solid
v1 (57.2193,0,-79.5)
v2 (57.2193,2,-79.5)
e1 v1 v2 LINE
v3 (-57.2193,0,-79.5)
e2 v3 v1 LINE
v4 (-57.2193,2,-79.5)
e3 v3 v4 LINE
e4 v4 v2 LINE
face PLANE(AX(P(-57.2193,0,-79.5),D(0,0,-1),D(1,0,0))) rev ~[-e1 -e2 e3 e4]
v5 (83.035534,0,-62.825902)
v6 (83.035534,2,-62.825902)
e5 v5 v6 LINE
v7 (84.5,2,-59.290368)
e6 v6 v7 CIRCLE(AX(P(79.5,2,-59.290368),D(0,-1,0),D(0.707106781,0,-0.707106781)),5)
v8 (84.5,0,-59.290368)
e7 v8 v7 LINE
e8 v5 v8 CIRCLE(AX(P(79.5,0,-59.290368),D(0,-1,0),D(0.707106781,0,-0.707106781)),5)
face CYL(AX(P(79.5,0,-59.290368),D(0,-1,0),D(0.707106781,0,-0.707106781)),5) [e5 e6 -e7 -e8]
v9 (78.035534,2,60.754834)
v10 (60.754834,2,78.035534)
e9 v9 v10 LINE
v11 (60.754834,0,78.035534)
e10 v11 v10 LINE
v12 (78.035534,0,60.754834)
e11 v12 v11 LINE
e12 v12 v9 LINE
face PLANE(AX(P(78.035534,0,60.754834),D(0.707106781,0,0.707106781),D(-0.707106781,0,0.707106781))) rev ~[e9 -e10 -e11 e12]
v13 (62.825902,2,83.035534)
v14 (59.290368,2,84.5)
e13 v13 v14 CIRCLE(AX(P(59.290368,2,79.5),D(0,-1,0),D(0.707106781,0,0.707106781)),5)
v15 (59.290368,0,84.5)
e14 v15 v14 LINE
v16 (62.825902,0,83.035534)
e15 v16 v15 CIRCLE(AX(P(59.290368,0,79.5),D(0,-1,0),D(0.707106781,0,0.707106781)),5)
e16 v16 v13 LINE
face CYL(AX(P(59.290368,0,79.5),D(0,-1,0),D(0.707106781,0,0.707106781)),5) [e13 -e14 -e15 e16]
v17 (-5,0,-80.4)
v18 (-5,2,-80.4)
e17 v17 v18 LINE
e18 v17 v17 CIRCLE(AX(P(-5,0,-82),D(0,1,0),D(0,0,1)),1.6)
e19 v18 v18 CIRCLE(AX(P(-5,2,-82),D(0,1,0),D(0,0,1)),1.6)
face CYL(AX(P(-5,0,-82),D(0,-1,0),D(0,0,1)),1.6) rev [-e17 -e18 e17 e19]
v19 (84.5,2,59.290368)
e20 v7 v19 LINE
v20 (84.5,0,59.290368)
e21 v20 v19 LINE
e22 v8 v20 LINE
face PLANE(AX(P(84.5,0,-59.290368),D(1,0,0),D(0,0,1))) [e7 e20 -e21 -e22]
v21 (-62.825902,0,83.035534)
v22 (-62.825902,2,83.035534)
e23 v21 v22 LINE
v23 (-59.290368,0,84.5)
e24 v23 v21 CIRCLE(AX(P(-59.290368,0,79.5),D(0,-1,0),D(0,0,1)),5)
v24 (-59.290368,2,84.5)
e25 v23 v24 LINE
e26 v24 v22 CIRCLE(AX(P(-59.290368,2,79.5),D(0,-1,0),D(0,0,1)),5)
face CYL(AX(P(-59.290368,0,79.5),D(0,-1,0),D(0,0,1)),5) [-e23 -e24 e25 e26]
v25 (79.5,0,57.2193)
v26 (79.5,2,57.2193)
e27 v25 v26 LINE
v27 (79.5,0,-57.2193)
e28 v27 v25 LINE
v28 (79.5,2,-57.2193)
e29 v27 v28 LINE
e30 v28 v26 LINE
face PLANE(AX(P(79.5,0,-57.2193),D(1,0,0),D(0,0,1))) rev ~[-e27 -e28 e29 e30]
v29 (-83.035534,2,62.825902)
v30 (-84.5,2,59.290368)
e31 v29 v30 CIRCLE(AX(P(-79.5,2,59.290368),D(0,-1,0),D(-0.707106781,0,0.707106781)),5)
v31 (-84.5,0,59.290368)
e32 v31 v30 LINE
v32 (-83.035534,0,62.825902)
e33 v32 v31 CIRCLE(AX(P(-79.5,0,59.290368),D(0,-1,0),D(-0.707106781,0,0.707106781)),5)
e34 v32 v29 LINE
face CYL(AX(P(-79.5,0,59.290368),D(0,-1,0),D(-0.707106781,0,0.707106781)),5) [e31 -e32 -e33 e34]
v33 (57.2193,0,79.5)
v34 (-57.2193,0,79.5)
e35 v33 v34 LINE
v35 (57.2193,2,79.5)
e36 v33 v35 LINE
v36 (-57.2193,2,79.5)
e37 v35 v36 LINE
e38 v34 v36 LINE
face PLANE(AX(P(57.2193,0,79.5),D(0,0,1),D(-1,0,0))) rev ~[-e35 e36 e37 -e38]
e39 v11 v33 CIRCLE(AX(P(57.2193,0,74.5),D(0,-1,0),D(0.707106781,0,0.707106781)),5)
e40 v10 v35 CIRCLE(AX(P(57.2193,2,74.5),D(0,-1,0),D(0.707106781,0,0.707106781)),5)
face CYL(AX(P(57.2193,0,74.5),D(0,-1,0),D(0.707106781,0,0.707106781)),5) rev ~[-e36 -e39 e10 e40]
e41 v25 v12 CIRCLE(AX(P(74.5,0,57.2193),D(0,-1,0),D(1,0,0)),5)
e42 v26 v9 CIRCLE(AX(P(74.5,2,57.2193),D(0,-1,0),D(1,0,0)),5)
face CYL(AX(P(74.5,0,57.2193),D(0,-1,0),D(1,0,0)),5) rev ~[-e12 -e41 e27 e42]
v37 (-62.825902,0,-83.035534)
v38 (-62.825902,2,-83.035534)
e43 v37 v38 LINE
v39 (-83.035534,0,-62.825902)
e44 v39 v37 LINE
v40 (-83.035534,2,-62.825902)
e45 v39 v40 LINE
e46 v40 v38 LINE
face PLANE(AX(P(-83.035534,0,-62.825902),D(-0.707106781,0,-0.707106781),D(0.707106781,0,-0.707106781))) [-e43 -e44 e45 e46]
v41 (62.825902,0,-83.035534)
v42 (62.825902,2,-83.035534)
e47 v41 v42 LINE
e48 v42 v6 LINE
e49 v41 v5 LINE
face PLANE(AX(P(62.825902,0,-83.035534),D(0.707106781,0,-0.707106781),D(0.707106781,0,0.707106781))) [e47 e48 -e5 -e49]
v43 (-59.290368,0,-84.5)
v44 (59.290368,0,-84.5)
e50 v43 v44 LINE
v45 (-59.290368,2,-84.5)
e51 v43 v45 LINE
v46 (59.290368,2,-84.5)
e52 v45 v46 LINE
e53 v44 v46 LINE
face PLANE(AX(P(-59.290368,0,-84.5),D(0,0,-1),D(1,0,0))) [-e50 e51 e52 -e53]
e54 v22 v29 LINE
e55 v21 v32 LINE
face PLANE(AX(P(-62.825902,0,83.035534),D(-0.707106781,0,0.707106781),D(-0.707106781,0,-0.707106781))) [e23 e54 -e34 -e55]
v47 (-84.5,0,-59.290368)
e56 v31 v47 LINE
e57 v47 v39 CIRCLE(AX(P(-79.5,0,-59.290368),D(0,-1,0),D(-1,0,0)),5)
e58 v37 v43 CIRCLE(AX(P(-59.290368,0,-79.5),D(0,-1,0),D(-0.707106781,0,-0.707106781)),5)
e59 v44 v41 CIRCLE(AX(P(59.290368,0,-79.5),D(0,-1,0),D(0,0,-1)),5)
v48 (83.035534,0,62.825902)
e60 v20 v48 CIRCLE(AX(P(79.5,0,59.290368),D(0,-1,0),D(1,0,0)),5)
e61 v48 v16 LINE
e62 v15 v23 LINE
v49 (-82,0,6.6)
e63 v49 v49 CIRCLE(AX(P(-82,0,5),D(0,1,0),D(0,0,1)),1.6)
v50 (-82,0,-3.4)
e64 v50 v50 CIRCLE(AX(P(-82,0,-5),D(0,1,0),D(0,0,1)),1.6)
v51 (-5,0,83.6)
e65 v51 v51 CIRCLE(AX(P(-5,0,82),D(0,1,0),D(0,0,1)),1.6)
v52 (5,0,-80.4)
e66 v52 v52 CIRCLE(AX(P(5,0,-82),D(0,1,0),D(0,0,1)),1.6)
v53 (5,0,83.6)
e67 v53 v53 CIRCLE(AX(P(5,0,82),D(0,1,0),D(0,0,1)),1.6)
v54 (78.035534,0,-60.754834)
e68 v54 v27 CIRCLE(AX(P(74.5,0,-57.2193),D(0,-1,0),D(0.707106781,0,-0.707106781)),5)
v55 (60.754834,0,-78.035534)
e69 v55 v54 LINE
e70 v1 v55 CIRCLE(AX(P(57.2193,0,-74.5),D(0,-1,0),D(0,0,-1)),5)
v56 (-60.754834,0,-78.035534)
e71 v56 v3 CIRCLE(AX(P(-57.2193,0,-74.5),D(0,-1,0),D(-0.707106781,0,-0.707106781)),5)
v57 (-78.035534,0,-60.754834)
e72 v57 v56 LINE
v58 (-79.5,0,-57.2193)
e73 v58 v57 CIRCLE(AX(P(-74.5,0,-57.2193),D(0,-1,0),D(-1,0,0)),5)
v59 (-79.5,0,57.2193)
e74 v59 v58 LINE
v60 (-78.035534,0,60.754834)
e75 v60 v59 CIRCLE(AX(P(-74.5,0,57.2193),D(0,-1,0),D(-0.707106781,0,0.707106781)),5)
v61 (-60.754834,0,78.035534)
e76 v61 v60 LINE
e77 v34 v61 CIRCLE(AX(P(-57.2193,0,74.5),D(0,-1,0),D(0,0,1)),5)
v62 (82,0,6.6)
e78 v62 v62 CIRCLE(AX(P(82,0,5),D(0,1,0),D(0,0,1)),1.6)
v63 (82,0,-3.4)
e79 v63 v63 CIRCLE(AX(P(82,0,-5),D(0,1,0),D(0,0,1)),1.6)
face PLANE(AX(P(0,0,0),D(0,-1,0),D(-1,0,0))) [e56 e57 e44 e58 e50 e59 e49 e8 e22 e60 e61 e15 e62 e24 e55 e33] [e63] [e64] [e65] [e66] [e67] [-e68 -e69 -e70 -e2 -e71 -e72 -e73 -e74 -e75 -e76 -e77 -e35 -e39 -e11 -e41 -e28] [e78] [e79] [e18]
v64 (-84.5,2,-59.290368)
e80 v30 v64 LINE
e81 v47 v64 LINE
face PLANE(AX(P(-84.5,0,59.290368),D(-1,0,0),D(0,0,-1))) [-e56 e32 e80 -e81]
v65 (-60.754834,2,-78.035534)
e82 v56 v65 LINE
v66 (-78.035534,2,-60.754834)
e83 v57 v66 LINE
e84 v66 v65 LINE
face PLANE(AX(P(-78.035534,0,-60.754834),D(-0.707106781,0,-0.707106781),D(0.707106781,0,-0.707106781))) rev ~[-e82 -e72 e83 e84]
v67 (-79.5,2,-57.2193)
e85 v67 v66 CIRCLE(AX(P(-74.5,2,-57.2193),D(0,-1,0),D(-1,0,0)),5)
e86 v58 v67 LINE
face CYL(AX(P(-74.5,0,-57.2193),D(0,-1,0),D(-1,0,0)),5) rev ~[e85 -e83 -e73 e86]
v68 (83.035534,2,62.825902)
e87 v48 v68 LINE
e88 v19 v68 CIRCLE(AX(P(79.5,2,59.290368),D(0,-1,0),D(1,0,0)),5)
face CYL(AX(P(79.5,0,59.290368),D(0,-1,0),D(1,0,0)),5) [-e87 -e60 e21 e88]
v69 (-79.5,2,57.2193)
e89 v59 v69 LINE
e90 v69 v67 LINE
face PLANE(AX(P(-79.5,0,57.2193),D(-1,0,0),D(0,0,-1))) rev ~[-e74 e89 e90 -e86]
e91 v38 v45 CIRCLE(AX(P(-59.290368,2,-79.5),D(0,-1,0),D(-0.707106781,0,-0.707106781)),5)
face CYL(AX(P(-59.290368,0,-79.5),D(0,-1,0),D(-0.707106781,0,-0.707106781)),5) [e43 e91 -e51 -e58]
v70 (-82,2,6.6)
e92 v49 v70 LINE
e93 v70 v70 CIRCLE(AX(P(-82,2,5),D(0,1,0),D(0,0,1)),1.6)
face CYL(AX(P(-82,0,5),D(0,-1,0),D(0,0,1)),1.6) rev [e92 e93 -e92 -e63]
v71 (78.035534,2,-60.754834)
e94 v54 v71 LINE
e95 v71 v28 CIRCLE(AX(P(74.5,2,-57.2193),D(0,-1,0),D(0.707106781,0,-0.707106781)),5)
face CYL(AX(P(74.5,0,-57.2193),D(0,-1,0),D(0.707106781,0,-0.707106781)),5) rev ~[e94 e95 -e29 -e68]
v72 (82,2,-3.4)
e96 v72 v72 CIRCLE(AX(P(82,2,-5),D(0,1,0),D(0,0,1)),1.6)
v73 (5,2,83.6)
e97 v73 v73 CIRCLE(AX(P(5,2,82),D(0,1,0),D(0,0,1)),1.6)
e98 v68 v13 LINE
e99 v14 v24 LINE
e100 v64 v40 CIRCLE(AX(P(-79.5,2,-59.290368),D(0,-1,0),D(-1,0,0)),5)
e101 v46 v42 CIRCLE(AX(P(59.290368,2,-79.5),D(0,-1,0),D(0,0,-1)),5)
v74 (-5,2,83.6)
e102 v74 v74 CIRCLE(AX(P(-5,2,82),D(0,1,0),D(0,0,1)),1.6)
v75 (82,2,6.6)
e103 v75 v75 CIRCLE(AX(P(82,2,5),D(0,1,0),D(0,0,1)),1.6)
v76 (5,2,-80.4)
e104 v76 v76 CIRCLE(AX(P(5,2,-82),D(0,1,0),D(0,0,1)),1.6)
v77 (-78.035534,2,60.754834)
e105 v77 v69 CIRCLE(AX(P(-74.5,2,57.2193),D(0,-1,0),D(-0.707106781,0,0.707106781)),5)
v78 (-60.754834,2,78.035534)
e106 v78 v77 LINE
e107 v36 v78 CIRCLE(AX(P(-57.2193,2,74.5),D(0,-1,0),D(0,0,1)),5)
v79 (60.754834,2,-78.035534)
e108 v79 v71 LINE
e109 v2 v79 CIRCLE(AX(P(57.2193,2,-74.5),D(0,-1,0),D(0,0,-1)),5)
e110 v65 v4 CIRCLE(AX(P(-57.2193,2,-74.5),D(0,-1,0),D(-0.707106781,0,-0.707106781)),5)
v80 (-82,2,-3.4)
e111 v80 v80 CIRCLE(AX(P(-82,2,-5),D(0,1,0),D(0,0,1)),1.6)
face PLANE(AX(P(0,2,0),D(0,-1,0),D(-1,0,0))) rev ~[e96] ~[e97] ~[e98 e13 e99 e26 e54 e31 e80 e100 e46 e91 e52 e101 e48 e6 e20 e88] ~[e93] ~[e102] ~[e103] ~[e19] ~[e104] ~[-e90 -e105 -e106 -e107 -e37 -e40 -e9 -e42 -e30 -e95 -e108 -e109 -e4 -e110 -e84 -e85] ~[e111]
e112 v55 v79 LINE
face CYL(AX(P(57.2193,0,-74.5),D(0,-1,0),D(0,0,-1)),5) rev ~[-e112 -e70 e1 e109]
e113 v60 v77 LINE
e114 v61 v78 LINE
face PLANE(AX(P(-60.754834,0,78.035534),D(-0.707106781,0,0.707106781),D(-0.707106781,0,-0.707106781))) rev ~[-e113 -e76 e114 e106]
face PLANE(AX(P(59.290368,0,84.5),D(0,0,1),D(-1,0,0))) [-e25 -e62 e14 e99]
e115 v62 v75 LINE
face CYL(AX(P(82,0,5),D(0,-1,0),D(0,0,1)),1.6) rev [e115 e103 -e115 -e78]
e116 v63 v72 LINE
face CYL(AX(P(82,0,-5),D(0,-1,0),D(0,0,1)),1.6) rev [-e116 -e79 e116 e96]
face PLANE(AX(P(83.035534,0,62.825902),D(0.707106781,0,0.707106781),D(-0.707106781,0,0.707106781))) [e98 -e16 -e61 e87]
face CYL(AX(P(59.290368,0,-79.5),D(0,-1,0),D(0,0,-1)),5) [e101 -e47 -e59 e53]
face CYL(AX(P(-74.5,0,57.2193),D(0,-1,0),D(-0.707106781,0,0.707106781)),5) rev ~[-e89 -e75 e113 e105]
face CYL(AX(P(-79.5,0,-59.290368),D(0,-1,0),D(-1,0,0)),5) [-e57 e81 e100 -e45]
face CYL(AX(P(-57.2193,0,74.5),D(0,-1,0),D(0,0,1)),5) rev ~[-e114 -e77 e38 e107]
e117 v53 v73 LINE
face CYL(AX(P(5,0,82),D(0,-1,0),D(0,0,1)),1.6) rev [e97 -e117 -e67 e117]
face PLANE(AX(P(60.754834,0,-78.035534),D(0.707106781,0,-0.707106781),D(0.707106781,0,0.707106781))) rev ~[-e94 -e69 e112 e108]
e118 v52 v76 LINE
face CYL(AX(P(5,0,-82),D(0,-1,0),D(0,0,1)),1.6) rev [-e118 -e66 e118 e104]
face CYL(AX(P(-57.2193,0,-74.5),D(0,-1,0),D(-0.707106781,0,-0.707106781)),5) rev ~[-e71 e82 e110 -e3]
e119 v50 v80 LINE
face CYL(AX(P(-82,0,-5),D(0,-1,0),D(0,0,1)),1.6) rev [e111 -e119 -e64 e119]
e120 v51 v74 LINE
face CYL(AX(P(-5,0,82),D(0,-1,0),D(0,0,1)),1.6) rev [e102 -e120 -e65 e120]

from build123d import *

# Parameters (mm, degrees)
SKETCH_1_R      = 1.6
EXTRUDE_1_DEPTH = 2


with BuildPart() as part:
    # 草图1 → 凸台-拉伸1 (new body)
    with BuildSketch(Plane(origin=(0, 0, 0), x_dir=(1, 0, 0), z_dir=(0, 1, 0))):
        with BuildLine():
            Line((0, 84.5), (59.290367902, 84.5))
            ThreePointArc((59.290367902, 84.5), (61.203785064, 84.119397663), (62.825901808, 83.035533906))
            Line((62.825901808, 83.035533906), (83.035533906, 62.825901808))
            ThreePointArc((83.035533906, 62.825901808), (84.119397663, 61.203785064), (84.5, 59.290367902))
            Line((84.5, 59.290367902), (84.5, 0))
            Line((84.5, 0), (84.5, -59.290367902))
            ThreePointArc((84.5, -59.290367902), (84.119397663, -61.203785064), (83.035533906, -62.825901808))
            Line((83.035533906, -62.825901808), (62.825901808, -83.035533906))
            ThreePointArc((62.825901808, -83.035533906), (61.203785064, -84.119397663), (59.290367902, -84.5))
            Line((59.290367902, -84.5), (0, -84.5))
            Line((0, -84.5), (-59.290367902, -84.5))
            ThreePointArc((-59.290367902, -84.5), (-61.203785064, -84.119397663), (-62.825901808, -83.035533906))
            Line((-62.825901808, -83.035533906), (-83.035533906, -62.825901808))
            ThreePointArc((-83.035533906, -62.825901808), (-84.119397663, -61.203785064), (-84.5, -59.290367902))
            Line((-84.5, -59.290367902), (-84.5, -1.780508218))
            Line((-84.5, -1.780508218), (-84.5, 59.290367902))
            ThreePointArc((-84.5, 59.290367902), (-84.119397663, 61.203785064), (-83.035533906, 62.825901808))
            Line((-83.035533906, 62.825901808), (-62.825901808, 83.035533906))
            ThreePointArc((-62.825901808, 83.035533906), (-61.203785064, 84.119397663), (-59.290367902, 84.5))
            Line((-59.290367902, 84.5), (0, 84.5))
        make_face()
        with Locations(Location((5, 82, 0), (0, 0, 270))):
            Circle(SKETCH_1_R, mode=Mode.SUBTRACT)
        with Locations(Location((-5, 82, 0), (0, 0, 270))):
            Circle(SKETCH_1_R, mode=Mode.SUBTRACT)
        with Locations(Location((82, 5, 0), (0, 0, 270))):
            Circle(SKETCH_1_R, mode=Mode.SUBTRACT)
        with Locations(Location((82, -5, 0), (0, 0, 270))):
            Circle(SKETCH_1_R, mode=Mode.SUBTRACT)
        with Locations(Location((5, -82, 0), (0, 0, 270))):
            Circle(SKETCH_1_R, mode=Mode.SUBTRACT)
        with Locations(Location((-5, -82, 0), (0, 0, 270))):
            Circle(SKETCH_1_R, mode=Mode.SUBTRACT)
        with Locations(Location((-82, -5, 0), (0, 0, 270))):
            Circle(SKETCH_1_R, mode=Mode.SUBTRACT)
        with Locations(Location((-82, 5, 0), (0, 0, 270))):
            Circle(SKETCH_1_R, mode=Mode.SUBTRACT)
        with BuildLine():
            Line((0, 79.5), (57.21930009, 79.5))
            ThreePointArc((57.21930009, 79.5), (59.132717252, 79.119397663), (60.754833996, 78.035533906))
            Line((60.754833996, 78.035533906), (78.035533906, 60.754833996))
            ThreePointArc((78.035533906, 60.754833996), (79.119397663, 59.132717252), (79.5, 57.21930009))
            Line((79.5, 57.21930009), (79.5, 0))
            Line((79.5, 0), (79.5, -57.21930009))
            ThreePointArc((79.5, -57.21930009), (79.119397663, -59.132717252), (78.035533906, -60.754833996))
            Line((78.035533906, -60.754833996), (60.754833996, -78.035533906))
            ThreePointArc((60.754833996, -78.035533906), (59.132717252, -79.119397663), (57.21930009, -79.5))
            Line((57.21930009, -79.5), (0, -79.5))
            Line((0, -79.5), (-57.21930009, -79.5))
            ThreePointArc((-57.21930009, -79.5), (-59.132717252, -79.119397663), (-60.754833996, -78.035533906))
            Line((-60.754833996, -78.035533906), (-78.035533906, -60.754833996))
            ThreePointArc((-78.035533906, -60.754833996), (-79.119397663, -59.132717252), (-79.5, -57.21930009))
            Line((-79.5, -57.21930009), (-79.5, -1.165353087))
            Line((-79.5, -1.165353087), (-79.5, 57.21930009))
            ThreePointArc((-79.5, 57.21930009), (-79.119397663, 59.132717252), (-78.035533906, 60.754833996))
            Line((-78.035533906, 60.754833996), (-60.754833996, 78.035533906))
            ThreePointArc((-60.754833996, 78.035533906), (-59.132717252, 79.119397663), (-57.21930009, 79.5))
            Line((-57.21930009, 79.5), (0, 79.5))
        make_face(mode=Mode.SUBTRACT)
    extrude(amount=EXTRUDE_1_DEPTH)


solid = part.part
